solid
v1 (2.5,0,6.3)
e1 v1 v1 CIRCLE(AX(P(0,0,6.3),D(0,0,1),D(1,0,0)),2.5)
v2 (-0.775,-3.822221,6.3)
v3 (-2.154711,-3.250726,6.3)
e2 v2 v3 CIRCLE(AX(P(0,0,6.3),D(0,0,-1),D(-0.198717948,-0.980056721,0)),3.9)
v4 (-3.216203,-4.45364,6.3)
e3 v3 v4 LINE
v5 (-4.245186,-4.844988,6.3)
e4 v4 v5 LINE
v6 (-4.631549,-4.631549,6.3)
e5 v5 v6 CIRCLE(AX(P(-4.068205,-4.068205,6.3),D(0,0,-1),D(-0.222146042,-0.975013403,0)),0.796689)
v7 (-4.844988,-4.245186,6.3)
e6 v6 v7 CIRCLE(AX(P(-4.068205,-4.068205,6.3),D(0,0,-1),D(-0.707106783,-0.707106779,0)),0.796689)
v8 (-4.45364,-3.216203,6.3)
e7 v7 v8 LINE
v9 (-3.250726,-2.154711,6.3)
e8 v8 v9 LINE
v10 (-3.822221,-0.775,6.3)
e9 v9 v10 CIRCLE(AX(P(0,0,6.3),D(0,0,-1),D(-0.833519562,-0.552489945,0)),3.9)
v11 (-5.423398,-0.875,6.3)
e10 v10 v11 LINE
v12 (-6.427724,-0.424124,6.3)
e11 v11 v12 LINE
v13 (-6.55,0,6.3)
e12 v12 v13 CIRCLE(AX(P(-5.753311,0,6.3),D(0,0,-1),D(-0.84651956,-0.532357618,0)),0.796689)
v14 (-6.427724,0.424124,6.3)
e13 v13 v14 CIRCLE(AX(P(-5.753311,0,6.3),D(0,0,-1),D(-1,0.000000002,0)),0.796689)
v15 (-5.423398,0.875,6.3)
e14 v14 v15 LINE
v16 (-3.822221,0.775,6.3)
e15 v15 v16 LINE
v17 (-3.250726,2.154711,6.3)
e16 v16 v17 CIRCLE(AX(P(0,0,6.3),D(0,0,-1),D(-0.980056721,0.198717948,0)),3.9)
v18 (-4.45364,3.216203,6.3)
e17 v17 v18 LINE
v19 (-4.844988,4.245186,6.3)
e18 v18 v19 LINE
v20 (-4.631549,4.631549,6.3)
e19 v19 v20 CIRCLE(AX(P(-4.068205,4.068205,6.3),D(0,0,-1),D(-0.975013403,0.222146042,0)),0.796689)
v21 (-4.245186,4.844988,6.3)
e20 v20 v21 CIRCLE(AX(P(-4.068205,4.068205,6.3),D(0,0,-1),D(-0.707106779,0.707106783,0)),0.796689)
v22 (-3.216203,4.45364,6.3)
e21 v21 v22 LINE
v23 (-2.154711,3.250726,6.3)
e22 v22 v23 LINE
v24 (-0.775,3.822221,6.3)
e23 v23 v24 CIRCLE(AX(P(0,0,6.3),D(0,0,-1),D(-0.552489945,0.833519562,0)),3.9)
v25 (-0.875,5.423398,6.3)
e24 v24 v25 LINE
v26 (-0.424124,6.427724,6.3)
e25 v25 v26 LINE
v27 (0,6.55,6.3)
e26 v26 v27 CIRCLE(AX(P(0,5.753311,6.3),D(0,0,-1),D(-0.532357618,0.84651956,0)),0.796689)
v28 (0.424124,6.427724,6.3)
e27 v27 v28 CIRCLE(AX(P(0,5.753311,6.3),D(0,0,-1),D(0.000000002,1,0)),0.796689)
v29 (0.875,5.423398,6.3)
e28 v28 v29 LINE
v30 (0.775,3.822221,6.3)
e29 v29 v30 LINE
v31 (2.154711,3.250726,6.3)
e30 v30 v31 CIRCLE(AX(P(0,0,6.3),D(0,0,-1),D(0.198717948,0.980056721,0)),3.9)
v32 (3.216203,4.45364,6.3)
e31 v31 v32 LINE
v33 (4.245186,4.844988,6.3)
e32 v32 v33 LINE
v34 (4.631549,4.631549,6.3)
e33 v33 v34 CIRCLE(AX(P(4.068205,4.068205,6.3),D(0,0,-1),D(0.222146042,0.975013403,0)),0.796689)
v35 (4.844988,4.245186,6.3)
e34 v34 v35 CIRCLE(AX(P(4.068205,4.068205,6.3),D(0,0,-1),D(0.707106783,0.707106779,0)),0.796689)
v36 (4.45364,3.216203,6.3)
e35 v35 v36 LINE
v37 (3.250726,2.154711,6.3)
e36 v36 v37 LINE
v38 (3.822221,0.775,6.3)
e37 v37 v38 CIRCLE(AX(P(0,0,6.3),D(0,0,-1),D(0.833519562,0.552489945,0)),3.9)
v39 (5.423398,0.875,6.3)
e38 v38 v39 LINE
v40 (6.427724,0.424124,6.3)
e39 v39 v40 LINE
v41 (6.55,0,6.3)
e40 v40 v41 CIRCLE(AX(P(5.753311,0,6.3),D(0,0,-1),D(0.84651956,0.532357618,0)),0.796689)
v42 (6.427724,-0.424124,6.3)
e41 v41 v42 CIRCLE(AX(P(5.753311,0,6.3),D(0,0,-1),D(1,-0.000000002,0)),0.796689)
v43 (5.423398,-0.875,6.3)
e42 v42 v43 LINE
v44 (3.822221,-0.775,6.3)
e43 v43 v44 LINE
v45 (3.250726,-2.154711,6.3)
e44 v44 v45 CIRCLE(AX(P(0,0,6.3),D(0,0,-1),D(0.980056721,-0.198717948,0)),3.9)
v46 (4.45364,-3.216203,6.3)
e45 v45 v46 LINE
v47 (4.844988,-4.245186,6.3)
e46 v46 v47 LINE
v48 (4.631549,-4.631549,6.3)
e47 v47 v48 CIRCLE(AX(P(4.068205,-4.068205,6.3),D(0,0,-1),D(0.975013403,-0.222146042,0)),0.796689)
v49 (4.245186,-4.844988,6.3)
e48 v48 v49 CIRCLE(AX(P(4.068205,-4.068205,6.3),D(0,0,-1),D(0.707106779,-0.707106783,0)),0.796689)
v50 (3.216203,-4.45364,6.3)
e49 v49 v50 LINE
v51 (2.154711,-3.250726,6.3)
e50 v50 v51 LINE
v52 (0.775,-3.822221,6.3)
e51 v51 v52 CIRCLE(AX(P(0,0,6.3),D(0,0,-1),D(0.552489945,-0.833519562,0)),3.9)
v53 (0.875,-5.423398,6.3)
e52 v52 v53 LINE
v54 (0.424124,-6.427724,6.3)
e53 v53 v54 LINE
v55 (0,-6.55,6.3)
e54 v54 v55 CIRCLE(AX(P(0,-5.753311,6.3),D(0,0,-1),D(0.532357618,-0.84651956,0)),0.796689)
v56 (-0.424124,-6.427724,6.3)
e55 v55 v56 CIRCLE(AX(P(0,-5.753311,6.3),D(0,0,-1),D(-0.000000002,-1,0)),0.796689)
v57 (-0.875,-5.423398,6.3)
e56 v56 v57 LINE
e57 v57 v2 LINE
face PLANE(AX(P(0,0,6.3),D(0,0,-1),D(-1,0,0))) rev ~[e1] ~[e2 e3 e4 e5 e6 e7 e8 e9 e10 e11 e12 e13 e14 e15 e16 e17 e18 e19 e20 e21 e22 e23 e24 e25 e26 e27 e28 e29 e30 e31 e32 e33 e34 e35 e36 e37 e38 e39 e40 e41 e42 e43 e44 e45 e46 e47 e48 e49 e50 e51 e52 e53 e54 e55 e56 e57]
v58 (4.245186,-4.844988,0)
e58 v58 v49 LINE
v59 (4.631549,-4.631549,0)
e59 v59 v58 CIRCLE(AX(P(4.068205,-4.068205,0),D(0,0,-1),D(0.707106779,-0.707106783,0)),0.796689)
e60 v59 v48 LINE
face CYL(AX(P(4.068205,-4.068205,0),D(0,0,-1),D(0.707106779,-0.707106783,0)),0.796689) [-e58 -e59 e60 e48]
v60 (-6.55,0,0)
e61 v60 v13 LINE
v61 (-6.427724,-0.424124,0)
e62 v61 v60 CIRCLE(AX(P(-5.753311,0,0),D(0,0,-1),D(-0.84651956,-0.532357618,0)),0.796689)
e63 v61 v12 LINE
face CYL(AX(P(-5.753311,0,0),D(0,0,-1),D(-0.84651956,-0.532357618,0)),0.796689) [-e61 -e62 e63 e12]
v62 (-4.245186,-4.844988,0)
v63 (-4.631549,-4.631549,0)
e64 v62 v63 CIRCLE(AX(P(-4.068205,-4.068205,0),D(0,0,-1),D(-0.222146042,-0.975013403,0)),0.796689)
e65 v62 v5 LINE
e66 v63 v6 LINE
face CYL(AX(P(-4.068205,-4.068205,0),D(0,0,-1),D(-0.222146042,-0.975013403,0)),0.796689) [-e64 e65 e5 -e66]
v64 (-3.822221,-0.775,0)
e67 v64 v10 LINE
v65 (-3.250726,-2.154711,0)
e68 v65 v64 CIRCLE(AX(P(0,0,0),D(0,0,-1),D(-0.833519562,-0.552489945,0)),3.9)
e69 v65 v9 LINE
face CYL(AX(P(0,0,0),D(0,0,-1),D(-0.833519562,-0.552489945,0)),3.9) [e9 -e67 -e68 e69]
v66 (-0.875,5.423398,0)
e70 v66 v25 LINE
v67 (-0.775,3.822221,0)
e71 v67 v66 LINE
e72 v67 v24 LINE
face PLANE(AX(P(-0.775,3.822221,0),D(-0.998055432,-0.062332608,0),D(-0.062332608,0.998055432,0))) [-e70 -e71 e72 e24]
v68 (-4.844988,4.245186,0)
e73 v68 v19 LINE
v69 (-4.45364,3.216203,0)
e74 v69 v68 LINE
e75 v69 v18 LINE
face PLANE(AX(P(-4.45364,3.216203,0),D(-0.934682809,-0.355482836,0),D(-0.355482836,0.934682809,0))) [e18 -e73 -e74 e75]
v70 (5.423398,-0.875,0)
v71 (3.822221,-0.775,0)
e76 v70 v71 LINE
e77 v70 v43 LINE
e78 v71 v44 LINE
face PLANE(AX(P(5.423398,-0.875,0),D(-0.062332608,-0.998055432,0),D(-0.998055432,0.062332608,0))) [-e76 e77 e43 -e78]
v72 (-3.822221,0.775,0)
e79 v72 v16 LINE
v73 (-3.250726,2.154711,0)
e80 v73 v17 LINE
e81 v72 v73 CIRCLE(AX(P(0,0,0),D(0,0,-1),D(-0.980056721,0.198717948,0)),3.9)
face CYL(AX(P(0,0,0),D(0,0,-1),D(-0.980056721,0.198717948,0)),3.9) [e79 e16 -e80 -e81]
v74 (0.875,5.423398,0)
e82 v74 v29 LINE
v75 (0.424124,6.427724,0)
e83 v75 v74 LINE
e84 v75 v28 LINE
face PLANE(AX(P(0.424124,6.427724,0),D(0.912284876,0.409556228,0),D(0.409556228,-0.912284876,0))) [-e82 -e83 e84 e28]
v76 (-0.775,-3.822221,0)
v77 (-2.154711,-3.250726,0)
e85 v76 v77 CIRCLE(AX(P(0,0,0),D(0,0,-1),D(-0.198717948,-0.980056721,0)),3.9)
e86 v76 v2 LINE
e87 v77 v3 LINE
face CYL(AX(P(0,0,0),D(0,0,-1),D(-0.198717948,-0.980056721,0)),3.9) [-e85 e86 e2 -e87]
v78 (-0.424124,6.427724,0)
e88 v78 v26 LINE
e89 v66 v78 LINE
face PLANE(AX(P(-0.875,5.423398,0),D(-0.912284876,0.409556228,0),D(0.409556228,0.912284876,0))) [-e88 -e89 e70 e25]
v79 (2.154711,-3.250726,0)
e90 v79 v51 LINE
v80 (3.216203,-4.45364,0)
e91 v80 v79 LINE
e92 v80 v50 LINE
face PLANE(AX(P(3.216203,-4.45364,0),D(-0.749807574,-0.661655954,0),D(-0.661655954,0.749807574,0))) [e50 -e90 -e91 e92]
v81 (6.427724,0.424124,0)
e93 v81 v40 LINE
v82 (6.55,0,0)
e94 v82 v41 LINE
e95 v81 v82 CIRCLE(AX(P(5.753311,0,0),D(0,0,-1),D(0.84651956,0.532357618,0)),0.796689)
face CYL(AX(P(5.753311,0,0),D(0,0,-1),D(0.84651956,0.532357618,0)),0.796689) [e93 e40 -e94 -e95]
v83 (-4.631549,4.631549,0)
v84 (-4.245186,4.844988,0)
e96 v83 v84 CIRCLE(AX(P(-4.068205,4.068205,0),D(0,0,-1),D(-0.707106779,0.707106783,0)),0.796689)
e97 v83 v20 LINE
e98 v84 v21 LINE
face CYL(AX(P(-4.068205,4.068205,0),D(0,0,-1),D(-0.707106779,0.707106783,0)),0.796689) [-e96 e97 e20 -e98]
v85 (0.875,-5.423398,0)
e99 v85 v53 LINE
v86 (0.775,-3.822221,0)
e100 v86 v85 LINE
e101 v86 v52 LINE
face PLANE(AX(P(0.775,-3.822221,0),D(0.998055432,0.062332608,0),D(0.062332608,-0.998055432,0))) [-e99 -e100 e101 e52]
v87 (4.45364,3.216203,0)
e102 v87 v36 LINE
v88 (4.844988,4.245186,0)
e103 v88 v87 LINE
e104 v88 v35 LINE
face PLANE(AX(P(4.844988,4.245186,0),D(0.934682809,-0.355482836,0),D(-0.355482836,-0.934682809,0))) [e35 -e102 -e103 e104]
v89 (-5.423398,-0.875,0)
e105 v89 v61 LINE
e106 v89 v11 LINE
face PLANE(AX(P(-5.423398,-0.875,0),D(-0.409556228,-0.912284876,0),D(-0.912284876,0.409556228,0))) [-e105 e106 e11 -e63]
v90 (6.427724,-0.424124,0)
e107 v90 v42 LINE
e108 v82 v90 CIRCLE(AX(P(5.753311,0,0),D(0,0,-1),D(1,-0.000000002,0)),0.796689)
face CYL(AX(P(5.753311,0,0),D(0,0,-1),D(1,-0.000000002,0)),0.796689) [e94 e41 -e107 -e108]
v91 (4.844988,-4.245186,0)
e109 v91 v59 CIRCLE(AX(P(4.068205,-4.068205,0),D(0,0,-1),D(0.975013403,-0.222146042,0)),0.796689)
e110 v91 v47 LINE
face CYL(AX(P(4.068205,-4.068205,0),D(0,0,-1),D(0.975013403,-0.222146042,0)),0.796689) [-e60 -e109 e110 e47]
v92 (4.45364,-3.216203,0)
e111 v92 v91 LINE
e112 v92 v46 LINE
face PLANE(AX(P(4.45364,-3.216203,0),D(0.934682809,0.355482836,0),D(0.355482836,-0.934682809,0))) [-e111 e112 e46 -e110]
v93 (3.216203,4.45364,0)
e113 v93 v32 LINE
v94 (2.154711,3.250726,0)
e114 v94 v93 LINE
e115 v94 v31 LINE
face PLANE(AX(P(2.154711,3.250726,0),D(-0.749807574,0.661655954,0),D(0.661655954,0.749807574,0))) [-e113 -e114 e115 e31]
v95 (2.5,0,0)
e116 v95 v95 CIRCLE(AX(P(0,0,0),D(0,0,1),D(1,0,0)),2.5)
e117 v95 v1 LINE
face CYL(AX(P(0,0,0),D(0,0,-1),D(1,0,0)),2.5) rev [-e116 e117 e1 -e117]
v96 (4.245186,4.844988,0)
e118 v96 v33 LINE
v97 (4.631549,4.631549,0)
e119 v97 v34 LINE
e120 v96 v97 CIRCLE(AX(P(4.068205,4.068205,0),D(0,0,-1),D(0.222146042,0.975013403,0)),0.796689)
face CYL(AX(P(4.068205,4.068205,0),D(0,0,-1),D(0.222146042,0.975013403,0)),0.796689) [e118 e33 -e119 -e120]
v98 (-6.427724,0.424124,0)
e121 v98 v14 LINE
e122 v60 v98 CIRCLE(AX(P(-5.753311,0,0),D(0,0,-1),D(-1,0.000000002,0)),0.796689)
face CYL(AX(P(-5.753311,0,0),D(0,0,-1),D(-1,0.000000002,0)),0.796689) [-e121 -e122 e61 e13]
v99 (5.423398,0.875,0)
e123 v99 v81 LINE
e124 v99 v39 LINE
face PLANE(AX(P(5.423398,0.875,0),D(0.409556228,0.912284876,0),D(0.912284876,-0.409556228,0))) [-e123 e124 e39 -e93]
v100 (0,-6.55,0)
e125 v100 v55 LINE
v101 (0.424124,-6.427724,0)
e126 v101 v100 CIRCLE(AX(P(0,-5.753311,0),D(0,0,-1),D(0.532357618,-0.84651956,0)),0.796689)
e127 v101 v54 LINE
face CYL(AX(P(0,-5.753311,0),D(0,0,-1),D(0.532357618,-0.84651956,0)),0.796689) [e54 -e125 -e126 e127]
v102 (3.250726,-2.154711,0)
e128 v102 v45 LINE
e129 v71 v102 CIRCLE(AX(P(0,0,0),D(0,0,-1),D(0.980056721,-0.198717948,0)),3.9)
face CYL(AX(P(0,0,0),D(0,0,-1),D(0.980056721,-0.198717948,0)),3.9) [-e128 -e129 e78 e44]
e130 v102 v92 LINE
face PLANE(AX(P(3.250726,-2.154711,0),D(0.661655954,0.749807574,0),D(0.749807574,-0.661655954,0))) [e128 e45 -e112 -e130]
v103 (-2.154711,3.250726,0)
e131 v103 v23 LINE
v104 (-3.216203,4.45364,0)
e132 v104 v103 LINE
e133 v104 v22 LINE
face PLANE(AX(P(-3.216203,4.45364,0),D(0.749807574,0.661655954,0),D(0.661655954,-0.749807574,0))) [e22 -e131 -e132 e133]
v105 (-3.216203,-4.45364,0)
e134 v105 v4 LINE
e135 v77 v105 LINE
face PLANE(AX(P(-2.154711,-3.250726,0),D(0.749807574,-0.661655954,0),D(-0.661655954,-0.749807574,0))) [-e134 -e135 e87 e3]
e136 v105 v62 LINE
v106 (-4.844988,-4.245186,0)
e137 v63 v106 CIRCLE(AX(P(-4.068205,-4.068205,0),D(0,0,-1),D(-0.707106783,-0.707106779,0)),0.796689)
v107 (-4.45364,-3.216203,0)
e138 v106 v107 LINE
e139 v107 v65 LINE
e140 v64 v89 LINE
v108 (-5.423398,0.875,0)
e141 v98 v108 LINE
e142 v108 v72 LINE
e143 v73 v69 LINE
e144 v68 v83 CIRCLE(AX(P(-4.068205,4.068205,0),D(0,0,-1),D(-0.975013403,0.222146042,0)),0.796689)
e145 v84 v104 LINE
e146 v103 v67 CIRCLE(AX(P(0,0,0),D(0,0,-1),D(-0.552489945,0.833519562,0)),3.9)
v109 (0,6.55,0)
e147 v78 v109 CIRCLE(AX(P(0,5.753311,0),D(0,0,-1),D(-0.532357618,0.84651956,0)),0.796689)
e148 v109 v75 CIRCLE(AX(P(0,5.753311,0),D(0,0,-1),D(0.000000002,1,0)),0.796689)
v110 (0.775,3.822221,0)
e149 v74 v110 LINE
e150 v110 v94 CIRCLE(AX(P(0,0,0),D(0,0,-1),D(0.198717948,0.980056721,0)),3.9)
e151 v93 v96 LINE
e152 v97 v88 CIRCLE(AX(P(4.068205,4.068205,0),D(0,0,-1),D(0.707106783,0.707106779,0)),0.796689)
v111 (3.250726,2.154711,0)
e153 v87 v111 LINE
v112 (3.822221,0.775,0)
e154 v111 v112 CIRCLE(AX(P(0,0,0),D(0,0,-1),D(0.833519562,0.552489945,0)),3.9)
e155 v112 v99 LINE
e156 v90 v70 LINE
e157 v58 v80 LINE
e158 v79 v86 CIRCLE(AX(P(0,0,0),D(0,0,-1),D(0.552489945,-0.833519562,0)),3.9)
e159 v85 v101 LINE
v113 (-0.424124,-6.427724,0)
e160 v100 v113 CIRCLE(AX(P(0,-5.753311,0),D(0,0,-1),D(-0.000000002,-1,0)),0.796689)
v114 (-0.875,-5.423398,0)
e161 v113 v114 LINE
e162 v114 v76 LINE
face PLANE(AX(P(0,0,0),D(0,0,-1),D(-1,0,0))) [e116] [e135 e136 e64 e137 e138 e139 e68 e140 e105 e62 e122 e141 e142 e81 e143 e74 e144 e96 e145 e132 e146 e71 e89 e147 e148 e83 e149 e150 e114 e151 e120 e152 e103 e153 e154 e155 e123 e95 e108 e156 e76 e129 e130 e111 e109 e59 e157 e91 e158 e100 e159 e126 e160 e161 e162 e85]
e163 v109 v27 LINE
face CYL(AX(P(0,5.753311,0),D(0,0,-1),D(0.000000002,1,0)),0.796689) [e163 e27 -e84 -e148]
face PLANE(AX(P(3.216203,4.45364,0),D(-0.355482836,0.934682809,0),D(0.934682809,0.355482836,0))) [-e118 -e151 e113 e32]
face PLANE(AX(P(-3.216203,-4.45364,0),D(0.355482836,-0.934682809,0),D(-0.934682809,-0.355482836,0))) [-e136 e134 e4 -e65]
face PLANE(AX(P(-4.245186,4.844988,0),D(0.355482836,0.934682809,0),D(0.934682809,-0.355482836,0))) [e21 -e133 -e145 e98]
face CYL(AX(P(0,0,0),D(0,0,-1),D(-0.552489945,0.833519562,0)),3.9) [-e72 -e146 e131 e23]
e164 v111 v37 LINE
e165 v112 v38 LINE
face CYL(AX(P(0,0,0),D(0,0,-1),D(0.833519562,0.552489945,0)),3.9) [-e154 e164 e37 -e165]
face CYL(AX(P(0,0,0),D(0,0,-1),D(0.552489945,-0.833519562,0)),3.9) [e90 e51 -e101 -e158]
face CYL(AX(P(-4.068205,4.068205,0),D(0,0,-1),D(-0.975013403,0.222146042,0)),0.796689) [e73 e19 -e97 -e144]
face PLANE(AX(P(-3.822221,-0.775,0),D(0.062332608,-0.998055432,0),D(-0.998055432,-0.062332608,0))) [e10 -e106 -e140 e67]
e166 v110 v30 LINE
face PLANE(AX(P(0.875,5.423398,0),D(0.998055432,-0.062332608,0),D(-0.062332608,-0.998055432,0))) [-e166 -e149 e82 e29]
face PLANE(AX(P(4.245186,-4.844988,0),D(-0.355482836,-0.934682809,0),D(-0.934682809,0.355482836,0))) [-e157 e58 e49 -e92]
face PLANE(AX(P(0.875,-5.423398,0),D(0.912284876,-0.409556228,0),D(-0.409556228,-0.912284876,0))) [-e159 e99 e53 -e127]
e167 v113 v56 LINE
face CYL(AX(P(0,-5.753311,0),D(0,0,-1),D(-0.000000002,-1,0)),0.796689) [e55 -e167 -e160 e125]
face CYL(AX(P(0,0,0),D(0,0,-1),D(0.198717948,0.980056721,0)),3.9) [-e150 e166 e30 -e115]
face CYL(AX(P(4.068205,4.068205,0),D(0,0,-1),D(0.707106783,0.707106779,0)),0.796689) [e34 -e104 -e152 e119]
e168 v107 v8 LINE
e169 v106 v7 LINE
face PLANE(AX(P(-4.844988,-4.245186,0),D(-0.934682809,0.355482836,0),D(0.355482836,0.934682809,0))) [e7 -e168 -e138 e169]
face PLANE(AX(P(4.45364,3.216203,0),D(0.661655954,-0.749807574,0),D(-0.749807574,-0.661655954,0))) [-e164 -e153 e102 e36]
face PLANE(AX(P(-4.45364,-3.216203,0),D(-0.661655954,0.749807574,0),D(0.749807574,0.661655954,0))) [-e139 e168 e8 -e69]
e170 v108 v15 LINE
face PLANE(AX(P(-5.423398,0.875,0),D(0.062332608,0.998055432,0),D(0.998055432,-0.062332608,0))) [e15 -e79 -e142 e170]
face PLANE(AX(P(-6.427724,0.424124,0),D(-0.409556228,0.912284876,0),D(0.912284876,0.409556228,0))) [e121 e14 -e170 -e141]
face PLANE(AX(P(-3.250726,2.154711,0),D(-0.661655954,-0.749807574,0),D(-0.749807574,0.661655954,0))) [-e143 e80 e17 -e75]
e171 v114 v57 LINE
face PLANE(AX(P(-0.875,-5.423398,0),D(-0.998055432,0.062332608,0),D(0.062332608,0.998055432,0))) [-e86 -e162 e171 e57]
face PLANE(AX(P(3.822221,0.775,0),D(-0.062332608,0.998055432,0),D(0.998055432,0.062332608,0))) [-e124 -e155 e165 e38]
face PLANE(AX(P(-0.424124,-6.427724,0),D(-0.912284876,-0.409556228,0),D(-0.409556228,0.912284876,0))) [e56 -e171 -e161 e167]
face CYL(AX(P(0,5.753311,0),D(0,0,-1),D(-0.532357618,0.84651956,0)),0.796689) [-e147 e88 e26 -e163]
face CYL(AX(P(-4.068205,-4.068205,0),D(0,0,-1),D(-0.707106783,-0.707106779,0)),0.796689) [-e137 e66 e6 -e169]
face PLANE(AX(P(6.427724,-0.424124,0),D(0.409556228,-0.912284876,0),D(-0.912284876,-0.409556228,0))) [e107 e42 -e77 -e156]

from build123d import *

# Parameters (mm, degrees)
SZKIC1_R                    = 2.5
DODANIE_WYCI_GNI_CIE1_DEPTH = 6.3


with BuildPart() as part:
    # Szkic1 → Dodanie-wyciągnięcie1 (new body)
    with BuildSketch(Plane.XY):
        with BuildLine():
            Line((0.875, 5.423398291), (0.775, 3.822221213))
            ThreePointArc((0.775, 3.822221213), (1.492465386, 3.603130177), (2.154710783, 3.250726294))
            Line((2.154710783, 3.250726294), (3.216203275, 4.453640142))
            Line((3.216203275, 4.453640142), (4.245186445, 4.844987722))
            ThreePointArc((4.245186445, 4.844987722), (4.453444634, 4.765560203), (4.631549417, 4.631549417))
            ThreePointArc((4.631549417, 4.631549417), (4.765560203, 4.453444634), (4.844987722, 4.245186445))
            Line((4.844987722, 4.245186445), (4.453640142, 3.216203275))
            Line((4.453640142, 3.216203275), (3.250726294, 2.154710783))
            ThreePointArc((3.250726294, 2.154710783), (3.603130177, 1.492465386), (3.822221213, 0.775))
            Line((3.822221213, 0.775), (5.423398291, 0.875))
            Line((5.423398291, 0.875), (6.427723795, 0.424123551))
            ThreePointArc((6.427723795, 0.424123551), (6.518820836, 0.220699035), (6.55, 0))
            ThreePointArc((6.55, 0), (6.518820836, -0.220699035), (6.427723795, -0.424123551))
            Line((6.427723795, -0.424123551), (5.423398291, -0.875))
            Line((5.423398291, -0.875), (3.822221213, -0.775))
            ThreePointArc((3.822221213, -0.775), (3.603130177, -1.492465386), (3.250726294, -2.154710783))
            Line((3.250726294, -2.154710783), (4.453640142, -3.216203275))
            Line((4.453640142, -3.216203275), (4.844987722, -4.245186445))
            ThreePointArc((4.844987722, -4.245186445), (4.765560203, -4.453444634), (4.631549417, -4.631549417))
            ThreePointArc((4.631549417, -4.631549417), (4.453444634, -4.765560203), (4.245186445, -4.844987722))
            Line((4.245186445, -4.844987722), (3.216203275, -4.453640142))
            Line((3.216203275, -4.453640142), (2.154710783, -3.250726294))
            ThreePointArc((2.154710783, -3.250726294), (1.492465386, -3.603130177), (0.775, -3.822221213))
            Line((0.775, -3.822221213), (0.875, -5.423398291))
            Line((0.875, -5.423398291), (0.424123551, -6.427723795))
            ThreePointArc((0.424123551, -6.427723795), (0.220699035, -6.518820836), (0, -6.55))
            ThreePointArc((0, -6.55), (-0.220699035, -6.518820836), (-0.424123551, -6.427723795))
            Line((-0.424123551, -6.427723795), (-0.875, -5.423398291))
            Line((-0.875, -5.423398291), (-0.775, -3.822221213))
            ThreePointArc((-0.775, -3.822221213), (-1.492465386, -3.603130177), (-2.154710783, -3.250726294))
            Line((-2.154710783, -3.250726294), (-3.216203275, -4.453640142))
            Line((-3.216203275, -4.453640142), (-4.245186445, -4.844987722))
            ThreePointArc((-4.245186445, -4.844987722), (-4.453444634, -4.765560203), (-4.631549417, -4.631549417))
            ThreePointArc((-4.631549417, -4.631549417), (-4.765560203, -4.453444634), (-4.844987722, -4.245186445))
            Line((-4.844987722, -4.245186445), (-4.453640142, -3.216203275))
            Line((-4.453640142, -3.216203275), (-3.250726294, -2.154710783))
            ThreePointArc((-3.250726294, -2.154710783), (-3.603130177, -1.492465386), (-3.822221213, -0.775))
            Line((-3.822221213, -0.775), (-5.423398291, -0.875))
            Line((-5.423398291, -0.875), (-6.427723795, -0.424123551))
            ThreePointArc((-6.427723795, -0.424123551), (-6.518820836, -0.220699035), (-6.55, 0))
            ThreePointArc((-6.55, 0), (-6.518820836, 0.220699035), (-6.427723795, 0.424123551))
            Line((-6.427723795, 0.424123551), (-5.423398291, 0.875))
            Line((-5.423398291, 0.875), (-3.822221213, 0.775))
            ThreePointArc((-3.822221213, 0.775), (-3.603130177, 1.492465386), (-3.250726294, 2.154710783))
            Line((-3.250726294, 2.154710783), (-4.453640142, 3.216203275))
            Line((-4.453640142, 3.216203275), (-4.844987722, 4.245186445))
            ThreePointArc((-4.844987722, 4.245186445), (-4.765560203, 4.453444634), (-4.631549417, 4.631549417))
            ThreePointArc((-4.631549417, 4.631549417), (-4.453444634, 4.765560203), (-4.245186445, 4.844987722))
            Line((-4.245186445, 4.844987722), (-3.216203275, 4.453640142))
            Line((-3.216203275, 4.453640142), (-2.154710783, 3.250726294))
            ThreePointArc((-2.154710783, 3.250726294), (-1.492465386, 3.603130177), (-0.775, 3.822221213))
            Line((-0.775, 3.822221213), (-0.875, 5.423398291))
            Line((-0.875, 5.423398291), (-0.424123551, 6.427723795))
            ThreePointArc((-0.424123551, 6.427723795), (-0.220699035, 6.518820836), (0, 6.55))
            ThreePointArc((0, 6.55), (0.220699035, 6.518820836), (0.424123551, 6.427723795))
            Line((0.424123551, 6.427723795), (0.875, 5.423398291))
        make_face()
        Circle(SZKIC1_R, mode=Mode.SUBTRACT)
    extrude(amount=DODANIE_WYCI_GNI_CIE1_DEPTH)


solid = part.part
